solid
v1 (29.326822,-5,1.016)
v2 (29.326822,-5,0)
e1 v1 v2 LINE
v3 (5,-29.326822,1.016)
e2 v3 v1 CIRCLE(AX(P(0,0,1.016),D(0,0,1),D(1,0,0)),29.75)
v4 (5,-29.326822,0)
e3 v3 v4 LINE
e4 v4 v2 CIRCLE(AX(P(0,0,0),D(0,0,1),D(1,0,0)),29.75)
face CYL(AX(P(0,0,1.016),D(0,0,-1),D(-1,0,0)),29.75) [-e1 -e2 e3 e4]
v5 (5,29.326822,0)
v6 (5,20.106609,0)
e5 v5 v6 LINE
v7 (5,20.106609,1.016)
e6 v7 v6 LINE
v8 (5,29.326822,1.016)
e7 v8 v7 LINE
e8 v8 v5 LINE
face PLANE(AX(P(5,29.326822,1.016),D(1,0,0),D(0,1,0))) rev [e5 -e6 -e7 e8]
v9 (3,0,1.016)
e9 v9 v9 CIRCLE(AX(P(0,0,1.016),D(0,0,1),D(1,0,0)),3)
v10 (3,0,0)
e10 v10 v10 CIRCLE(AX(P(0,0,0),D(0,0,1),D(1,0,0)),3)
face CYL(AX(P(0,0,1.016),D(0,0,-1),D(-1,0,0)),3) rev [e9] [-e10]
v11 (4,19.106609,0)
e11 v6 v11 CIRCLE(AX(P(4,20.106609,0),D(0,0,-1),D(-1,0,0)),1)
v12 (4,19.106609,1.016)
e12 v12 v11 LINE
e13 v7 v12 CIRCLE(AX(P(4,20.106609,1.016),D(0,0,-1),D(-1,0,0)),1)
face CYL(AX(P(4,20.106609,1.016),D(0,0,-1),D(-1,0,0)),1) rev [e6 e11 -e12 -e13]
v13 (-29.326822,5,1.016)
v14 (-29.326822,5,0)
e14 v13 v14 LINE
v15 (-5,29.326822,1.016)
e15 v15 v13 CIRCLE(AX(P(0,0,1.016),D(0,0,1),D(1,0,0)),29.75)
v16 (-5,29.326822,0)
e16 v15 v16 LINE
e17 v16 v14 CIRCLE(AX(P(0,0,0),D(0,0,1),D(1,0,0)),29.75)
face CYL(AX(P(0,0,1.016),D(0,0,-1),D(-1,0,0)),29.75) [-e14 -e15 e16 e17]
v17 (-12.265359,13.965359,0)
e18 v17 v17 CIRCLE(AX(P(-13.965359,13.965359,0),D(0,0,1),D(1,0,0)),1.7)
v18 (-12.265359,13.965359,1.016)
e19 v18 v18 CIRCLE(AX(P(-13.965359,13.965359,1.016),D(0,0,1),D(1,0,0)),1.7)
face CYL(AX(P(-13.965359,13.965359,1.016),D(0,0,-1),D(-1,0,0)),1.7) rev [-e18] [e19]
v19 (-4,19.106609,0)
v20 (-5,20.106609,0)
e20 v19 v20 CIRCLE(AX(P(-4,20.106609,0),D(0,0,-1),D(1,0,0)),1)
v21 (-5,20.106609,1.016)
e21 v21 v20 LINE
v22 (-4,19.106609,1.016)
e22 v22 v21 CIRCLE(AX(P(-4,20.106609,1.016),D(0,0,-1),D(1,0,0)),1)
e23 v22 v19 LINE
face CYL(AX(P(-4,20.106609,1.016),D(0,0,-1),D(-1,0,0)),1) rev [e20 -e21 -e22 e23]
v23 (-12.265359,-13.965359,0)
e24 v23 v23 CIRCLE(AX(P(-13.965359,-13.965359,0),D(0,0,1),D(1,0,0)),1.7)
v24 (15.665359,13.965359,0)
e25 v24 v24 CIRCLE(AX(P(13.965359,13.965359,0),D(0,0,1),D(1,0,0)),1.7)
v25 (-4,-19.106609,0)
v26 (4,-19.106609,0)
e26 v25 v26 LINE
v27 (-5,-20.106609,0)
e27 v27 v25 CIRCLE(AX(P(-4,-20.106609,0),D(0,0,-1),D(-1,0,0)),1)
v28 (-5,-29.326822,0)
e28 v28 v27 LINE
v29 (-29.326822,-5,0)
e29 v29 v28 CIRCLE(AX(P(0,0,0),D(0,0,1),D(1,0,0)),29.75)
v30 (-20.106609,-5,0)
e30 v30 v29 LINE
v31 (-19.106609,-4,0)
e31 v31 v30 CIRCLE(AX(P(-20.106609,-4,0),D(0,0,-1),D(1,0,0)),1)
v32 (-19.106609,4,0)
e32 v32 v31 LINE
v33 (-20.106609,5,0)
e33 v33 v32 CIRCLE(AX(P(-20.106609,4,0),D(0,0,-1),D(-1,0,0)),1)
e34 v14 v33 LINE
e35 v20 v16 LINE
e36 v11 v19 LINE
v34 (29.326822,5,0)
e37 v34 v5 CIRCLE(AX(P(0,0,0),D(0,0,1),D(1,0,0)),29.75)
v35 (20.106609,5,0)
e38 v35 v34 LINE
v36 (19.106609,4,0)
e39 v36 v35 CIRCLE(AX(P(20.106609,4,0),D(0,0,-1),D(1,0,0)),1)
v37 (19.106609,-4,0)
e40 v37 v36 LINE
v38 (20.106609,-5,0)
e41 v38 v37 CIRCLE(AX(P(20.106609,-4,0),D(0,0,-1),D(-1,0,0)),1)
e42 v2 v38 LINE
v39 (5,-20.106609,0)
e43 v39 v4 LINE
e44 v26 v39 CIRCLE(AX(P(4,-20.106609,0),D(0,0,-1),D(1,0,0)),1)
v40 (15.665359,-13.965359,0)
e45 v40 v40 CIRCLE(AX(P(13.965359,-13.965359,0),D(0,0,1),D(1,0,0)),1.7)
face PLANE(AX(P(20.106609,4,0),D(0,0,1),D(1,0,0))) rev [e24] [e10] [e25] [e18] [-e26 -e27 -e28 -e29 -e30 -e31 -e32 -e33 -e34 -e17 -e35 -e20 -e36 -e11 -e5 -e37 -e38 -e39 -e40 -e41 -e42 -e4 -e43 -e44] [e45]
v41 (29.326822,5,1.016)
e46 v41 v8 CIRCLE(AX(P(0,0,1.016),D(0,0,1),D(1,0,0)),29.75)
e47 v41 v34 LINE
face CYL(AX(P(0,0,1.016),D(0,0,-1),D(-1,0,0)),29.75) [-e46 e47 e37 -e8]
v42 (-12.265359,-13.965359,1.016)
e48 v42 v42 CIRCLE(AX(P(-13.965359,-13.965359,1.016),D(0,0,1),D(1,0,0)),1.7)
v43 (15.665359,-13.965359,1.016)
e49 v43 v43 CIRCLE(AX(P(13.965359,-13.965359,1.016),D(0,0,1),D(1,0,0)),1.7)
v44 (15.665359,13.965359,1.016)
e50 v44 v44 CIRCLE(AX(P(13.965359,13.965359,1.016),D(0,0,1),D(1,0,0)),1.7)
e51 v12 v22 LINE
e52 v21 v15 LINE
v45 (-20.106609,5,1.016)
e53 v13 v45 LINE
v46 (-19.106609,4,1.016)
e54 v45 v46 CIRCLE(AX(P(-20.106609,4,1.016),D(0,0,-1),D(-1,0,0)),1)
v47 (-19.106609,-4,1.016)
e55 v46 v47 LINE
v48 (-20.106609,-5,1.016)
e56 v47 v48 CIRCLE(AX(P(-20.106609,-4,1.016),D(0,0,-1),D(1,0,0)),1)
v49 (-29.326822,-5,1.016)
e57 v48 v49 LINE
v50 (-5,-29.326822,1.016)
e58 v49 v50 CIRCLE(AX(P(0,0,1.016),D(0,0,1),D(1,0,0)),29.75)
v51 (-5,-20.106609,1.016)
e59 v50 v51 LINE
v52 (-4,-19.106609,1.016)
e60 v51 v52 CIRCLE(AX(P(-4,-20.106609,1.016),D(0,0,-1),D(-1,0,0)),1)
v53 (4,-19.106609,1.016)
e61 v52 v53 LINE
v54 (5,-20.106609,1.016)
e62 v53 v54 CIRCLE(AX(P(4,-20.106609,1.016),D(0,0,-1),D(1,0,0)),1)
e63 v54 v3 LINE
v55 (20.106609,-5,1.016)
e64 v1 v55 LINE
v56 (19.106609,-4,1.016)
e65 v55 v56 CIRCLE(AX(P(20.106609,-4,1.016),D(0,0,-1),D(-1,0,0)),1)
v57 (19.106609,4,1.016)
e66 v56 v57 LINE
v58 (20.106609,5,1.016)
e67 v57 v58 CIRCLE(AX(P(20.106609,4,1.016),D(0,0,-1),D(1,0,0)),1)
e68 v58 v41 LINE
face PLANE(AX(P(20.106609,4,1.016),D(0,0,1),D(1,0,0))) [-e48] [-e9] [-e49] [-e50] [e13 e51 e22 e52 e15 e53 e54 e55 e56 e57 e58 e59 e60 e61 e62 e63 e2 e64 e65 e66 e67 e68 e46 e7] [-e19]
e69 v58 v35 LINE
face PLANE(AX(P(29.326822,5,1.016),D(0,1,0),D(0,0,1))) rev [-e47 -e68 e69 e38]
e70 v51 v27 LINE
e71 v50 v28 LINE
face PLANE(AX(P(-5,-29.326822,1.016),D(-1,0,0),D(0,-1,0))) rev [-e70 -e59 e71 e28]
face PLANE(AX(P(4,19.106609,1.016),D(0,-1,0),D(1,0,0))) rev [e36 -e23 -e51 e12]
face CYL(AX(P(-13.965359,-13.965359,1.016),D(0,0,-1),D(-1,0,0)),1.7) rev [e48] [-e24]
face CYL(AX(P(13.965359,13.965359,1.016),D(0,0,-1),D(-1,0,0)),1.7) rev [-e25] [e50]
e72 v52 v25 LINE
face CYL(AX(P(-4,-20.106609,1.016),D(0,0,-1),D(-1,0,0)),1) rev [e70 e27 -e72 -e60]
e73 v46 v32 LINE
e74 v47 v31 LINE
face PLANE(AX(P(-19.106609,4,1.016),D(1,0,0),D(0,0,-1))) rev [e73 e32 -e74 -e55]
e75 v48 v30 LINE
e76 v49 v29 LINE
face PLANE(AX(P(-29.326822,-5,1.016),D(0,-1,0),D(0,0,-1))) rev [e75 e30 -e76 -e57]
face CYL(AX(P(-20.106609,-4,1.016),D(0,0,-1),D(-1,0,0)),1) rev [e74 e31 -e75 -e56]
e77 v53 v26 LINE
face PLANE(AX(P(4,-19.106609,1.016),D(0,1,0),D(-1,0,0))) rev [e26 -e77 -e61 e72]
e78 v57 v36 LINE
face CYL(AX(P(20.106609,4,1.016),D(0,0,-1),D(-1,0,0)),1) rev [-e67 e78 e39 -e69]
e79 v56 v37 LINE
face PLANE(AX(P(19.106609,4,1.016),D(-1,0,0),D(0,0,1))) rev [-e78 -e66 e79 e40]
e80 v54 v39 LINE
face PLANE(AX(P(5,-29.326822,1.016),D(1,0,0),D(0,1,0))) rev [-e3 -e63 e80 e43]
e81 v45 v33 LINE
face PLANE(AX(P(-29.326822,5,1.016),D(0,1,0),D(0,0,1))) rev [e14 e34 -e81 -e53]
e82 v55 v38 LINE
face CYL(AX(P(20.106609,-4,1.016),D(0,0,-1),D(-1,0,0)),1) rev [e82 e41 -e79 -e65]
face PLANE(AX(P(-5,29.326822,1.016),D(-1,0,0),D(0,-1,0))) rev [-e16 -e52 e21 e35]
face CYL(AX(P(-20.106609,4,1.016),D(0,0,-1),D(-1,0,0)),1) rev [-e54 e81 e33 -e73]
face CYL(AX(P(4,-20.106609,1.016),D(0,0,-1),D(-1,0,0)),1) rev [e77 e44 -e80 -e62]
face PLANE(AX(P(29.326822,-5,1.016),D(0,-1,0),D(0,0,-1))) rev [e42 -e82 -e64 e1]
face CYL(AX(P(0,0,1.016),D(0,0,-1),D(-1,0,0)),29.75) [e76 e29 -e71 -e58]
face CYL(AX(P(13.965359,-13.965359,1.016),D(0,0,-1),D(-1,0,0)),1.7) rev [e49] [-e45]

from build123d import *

# Parameters (mm, degrees)
SKETCH1_R           = 1.7
SKETCH1_R_2         = 3
BOSS_EXTRUDE1_DEPTH = 1.016


with BuildPart() as part:
    # Sketch1 → Boss-Extrude1 (new body)
    with BuildSketch(Plane.XY):
        with BuildLine():
            Line((-29.326822194, 5), (-20.106608804, 5))
            ThreePointArc((-20.106608804, 5), (-19.399502023, 4.707106781), (-19.106608804, 4))
            Line((-19.106608804, 4), (-19.106608804, -4))
            ThreePointArc((-19.106608804, -4), (-19.399502023, -4.707106781), (-20.106608804, -5))
            Line((-20.106608804, -5), (-29.326822194, -5))
            ThreePointArc((-29.326822194, -5), (-21.03642674, -21.03642674), (-5, -29.326822194))
            Line((-5, -29.326822194), (-5, -20.106608804))
            ThreePointArc((-5, -20.106608804), (-4.707106781, -19.399502023), (-4, -19.106608804))
            Line((-4, -19.106608804), (4, -19.106608804))
            ThreePointArc((4, -19.106608804), (4.707106781, -19.399502023), (5, -20.106608804))
            Line((5, -20.106608804), (5, -29.326822194))
            ThreePointArc((5, -29.326822194), (21.03642674, -21.03642674), (29.326822194, -5))
            Line((29.326822194, -5), (20.106608804, -5))
            ThreePointArc((20.106608804, -5), (19.399502023, -4.707106781), (19.106608804, -4))
            Line((19.106608804, -4), (19.106608804, 4))
            ThreePointArc((19.106608804, 4), (19.399502023, 4.707106781), (20.106608804, 5))
            Line((20.106608804, 5), (29.326822194, 5))
            ThreePointArc((29.326822194, 5), (21.03642674, 21.03642674), (5, 29.326822194))
            Line((5, 29.326822194), (5, 20.106608804))
            ThreePointArc((5, 20.106608804), (4.707106781, 19.399502023), (4, 19.106608804))
            Line((4, 19.106608804), (-4, 19.106608804))
            ThreePointArc((-4, 19.106608804), (-4.707106781, 19.399502023), (-5, 20.106608804))
            Line((-5, 20.106608804), (-5, 29.326822194))
            ThreePointArc((-5, 29.326822194), (-21.03642674, 21.03642674), (-29.326822194, 5))
        make_face()
        with Locations((13.965358928, 13.965358928)):
            Circle(SKETCH1_R, mode=Mode.SUBTRACT)
        with Locations((13.965358928, -13.965358928)):
            Circle(SKETCH1_R, mode=Mode.SUBTRACT)
        with Locations((-13.965358928, -13.965358928)):
            Circle(SKETCH1_R, mode=Mode.SUBTRACT)
        with Locations((-13.965358928, 13.965358928)):
            Circle(SKETCH1_R, mode=Mode.SUBTRACT)
        Circle(SKETCH1_R_2, mode=Mode.SUBTRACT)
    extrude(amount=BOSS_EXTRUDE1_DEPTH)


solid = part.part
